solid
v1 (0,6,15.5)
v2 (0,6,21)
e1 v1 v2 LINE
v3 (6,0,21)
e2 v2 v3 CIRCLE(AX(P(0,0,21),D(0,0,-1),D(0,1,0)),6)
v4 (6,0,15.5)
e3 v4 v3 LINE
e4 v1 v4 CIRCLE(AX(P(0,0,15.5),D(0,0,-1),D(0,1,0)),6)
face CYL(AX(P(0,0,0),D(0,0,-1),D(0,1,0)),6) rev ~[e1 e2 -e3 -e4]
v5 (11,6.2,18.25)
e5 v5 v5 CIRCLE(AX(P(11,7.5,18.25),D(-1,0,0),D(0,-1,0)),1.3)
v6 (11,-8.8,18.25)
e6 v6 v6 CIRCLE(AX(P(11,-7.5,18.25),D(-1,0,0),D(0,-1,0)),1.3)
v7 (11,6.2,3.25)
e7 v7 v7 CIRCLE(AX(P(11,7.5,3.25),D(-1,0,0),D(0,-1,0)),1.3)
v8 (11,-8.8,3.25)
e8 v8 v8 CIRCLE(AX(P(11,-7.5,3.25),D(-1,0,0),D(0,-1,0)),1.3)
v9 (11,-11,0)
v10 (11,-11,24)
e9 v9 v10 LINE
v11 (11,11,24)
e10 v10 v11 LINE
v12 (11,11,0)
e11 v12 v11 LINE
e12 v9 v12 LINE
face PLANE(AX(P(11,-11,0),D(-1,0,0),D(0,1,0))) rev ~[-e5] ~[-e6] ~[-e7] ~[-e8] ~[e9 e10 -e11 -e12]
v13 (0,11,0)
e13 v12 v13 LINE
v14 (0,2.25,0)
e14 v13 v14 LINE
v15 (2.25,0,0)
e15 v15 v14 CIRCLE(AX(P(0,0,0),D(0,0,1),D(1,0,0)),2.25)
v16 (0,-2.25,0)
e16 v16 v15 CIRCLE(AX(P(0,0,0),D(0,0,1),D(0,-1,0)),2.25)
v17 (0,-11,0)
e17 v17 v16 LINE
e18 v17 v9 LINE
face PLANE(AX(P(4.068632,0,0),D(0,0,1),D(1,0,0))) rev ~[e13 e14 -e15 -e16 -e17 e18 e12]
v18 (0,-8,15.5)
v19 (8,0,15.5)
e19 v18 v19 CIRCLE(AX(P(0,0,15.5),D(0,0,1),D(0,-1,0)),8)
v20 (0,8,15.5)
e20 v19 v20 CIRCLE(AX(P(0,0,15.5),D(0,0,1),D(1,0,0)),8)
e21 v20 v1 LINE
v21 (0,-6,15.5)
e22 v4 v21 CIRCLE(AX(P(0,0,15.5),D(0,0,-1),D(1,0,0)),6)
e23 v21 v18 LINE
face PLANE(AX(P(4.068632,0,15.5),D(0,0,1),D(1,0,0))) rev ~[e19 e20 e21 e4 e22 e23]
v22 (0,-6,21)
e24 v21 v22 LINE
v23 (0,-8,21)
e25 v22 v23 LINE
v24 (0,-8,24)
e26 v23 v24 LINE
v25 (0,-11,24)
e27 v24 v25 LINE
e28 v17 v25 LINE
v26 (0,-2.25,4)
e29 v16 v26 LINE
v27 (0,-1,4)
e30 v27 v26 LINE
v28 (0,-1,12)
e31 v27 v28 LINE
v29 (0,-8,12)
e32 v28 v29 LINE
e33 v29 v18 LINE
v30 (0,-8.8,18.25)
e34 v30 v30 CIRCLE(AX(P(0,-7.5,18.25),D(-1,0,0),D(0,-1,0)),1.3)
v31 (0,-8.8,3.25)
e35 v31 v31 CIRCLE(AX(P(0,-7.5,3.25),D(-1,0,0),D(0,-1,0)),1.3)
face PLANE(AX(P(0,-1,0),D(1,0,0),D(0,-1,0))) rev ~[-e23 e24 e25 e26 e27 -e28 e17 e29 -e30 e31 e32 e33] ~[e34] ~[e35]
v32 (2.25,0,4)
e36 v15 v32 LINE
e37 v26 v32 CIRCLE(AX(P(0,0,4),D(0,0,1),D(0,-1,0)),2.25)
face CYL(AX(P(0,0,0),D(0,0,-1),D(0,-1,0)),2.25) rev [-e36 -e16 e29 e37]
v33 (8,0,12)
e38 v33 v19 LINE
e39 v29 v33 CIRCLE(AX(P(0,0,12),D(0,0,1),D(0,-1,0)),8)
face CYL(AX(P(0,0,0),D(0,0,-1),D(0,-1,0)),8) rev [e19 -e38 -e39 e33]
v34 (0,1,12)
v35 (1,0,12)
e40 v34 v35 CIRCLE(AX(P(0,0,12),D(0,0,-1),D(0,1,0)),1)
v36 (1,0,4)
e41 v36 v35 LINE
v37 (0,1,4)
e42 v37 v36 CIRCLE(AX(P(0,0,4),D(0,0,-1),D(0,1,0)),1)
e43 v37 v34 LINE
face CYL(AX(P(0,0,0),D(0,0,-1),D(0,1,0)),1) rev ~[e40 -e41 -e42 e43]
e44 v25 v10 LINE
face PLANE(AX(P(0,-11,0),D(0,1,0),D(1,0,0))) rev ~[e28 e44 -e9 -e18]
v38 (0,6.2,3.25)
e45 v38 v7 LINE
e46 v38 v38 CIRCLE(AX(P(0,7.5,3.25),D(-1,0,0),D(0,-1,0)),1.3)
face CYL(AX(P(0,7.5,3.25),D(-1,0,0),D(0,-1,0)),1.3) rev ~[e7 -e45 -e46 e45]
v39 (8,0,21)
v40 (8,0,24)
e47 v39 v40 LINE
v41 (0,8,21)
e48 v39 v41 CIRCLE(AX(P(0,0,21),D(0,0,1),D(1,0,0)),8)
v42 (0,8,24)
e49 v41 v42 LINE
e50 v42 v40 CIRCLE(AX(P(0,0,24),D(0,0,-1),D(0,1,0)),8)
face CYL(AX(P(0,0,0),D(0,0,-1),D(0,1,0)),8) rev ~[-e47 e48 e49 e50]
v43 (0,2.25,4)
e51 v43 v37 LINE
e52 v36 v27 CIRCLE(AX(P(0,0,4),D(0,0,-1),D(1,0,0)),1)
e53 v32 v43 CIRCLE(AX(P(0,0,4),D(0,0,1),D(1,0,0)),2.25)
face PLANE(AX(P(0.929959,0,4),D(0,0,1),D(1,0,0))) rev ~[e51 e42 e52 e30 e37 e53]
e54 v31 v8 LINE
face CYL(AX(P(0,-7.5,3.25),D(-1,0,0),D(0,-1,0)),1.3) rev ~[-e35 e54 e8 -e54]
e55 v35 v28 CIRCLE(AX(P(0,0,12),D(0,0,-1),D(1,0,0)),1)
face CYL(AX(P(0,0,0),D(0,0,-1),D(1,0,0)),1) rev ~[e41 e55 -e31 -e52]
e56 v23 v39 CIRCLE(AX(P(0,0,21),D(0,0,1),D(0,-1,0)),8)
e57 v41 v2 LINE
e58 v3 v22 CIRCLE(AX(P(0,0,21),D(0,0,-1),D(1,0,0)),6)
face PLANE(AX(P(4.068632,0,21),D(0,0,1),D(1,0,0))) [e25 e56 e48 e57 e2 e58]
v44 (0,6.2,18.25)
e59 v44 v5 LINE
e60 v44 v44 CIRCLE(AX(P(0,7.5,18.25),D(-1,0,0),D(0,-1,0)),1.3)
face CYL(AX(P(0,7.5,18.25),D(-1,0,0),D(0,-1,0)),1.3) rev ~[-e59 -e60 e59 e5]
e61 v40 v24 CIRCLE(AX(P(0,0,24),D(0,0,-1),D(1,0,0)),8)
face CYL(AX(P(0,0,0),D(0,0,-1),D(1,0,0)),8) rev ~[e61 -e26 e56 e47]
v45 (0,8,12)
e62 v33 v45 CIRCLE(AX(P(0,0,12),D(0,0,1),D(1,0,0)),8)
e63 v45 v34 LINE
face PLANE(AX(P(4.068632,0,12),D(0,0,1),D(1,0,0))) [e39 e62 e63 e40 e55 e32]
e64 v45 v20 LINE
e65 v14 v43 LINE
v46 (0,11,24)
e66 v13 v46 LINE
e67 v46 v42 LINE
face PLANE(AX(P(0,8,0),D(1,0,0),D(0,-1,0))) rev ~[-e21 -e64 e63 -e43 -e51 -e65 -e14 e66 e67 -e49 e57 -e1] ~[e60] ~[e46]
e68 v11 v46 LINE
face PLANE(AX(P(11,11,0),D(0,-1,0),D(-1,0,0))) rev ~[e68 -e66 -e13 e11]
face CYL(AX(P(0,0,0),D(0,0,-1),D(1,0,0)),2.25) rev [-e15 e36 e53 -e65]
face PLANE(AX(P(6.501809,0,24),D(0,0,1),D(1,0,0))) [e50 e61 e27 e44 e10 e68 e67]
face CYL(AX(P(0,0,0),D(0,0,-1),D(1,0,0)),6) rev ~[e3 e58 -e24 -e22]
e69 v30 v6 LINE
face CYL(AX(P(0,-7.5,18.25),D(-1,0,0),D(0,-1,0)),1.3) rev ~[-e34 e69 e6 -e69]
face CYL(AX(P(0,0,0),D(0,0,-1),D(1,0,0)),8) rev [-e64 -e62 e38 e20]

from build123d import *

# Parameters (mm, degrees)
F2_DEPTH = 24
F3_DEPTH = 21
F4_DEPTH = 15.5
F5_DEPTH = 12
F6_DEPTH = 4
F7_R     = 1.3
F8_DEPTH = 11.001


with BuildPart() as f2:
    # F1 (on Top) → F2 (new body)
    with BuildSketch(Plane.XY):
        with BuildLine():
            Line((11, 11), (0, 11))
            Line((0, 11), (0, 8))
            ThreePointArc((0, 8), (5.6568542495, 5.6568542495), (8, 0))
            ThreePointArc((8, 0), (5.6568542495, -5.6568542495), (0, -8))
            Line((0, -8), (0, -11))
            Line((0, -11), (11, -11))
            Line((11, -11), (11, 11))
        make_face()
    extrude(amount=F2_DEPTH)

    # F1 (on Top) → F3 (join)
    with BuildSketch(Plane.XY):
        with BuildLine():
            ThreePointArc((8, 0), (5.6568542495, 5.6568542495), (0, 8))
            Line((0, 8), (0, 6))
            ThreePointArc((0, 6), (4.2426406871, 4.2426406871), (6, 0))
            ThreePointArc((6, 0), (4.2426406871, -4.2426406871), (0, -6))
            Line((0, -6), (0, -8))
            ThreePointArc((0, -8), (5.6568542495, -5.6568542495), (8, 0))
        make_face()
    extrude(amount=F3_DEPTH)

    # F1 (on Top) → F4 (cut)
    with BuildSketch(Plane.XY):
        with BuildLine():
            ThreePointArc((8, 0), (5.6568542495, 5.6568542495), (0, 8))
            Line((0, 8), (0, 6))
            ThreePointArc((0, 6), (4.2426406871, 4.2426406871), (6, 0))
            ThreePointArc((6, 0), (4.2426406871, -4.2426406871), (0, -6))
            Line((0, -6), (0, -8))
            ThreePointArc((0, -8), (5.6568542495, -5.6568542495), (8, 0))
        make_face()
        with BuildLine():
            Line((0, 6), (0, 8))
            ThreePointArc((0, 8), (-8, 0), (0, -8))
            Line((0, -8), (0, -6))
            ThreePointArc((0, -6), (-6, 0), (0, 6))
        make_face()
    extrude(amount=F4_DEPTH, mode=Mode.SUBTRACT)

    # F1 (on Top) → F5 (join)
    with BuildSketch(Plane.XY):
        with BuildLine():
            ThreePointArc((8, 0), (5.6568542495, 5.6568542495), (0, 8))
            Line((0, 8), (0, 6))
            ThreePointArc((0, 6), (4.2426406871, 4.2426406871), (6, 0))
            ThreePointArc((6, 0), (4.2426406871, -4.2426406871), (0, -6))
            Line((0, -6), (0, -8))
            ThreePointArc((0, -8), (5.6568542495, -5.6568542495), (8, 0))
        make_face()
        with BuildLine():
            ThreePointArc((6, 0), (4.2426406871, 4.2426406871), (0, 6))
            Line((0, 6), (0, 2.25))
            ThreePointArc((0, 2.25), (1.5909902577, 1.5909902577), (2.25, 0))
            ThreePointArc((2.25, 0), (1.5909902577, -1.5909902577), (0, -2.25))
            Line((0, -2.25), (0, -6))
            ThreePointArc((0, -6), (4.2426406871, -4.2426406871), (6, 0))
        make_face()
        with BuildLine():
            ThreePointArc((2.25, 0), (1.5909902577, 1.5909902577), (0, 2.25))
            Line((0, 2.25), (0, 1))
            ThreePointArc((0, 1), (0.7071067812, 0.7071067812), (1, 0))
            ThreePointArc((1, 0), (0.7071067812, -0.7071067812), (0, -1))
            Line((0, -1), (0, -2.25))
            ThreePointArc((0, -2.25), (1.5909902577, -1.5909902577), (2.25, 0))
        make_face()
    extrude(amount=F5_DEPTH)

    # F1 (on Top) → F6 (cut)
    with BuildSketch(Plane.XY):
        with BuildLine():
            ThreePointArc((2.25, 0), (1.5909902577, 1.5909902577), (0, 2.25))
            Line((0, 2.25), (0, 1))
            ThreePointArc((0, 1), (0.7071067812, 0.7071067812), (1, 0))
            ThreePointArc((1, 0), (0.7071067812, -0.7071067812), (0, -1))
            Line((0, -1), (0, -2.25))
            ThreePointArc((0, -2.25), (1.5909902577, -1.5909902577), (2.25, 0))
        make_face()
        with BuildLine():
            Line((0, 1), (0, 2.25))
            ThreePointArc((0, 2.25), (-2.25, 0), (0, -2.25))
            Line((0, -2.25), (0, -1))
            ThreePointArc((0, -1), (-1, 0), (0, 1))
        make_face()
    extrude(amount=F6_DEPTH, mode=Mode.SUBTRACT)

    # F7 (on face) → F8 (cut, through all)
    with BuildSketch(Plane(origin=(0, 0, 0), x_dir=(0, -1, 0), z_dir=(-1, 0, 0))):
        with Locations((-7.5, 18.25)):
            Circle(F7_R)
        with Locations((7.5, 18.25)):
            Circle(F7_R)
        with Locations((7.5, 3.25)):
            Circle(F7_R)
        with Locations((-7.5, 3.25)):
            Circle(F7_R)
    extrude(amount=-F8_DEPTH, mode=Mode.SUBTRACT)


solid = f2.part
